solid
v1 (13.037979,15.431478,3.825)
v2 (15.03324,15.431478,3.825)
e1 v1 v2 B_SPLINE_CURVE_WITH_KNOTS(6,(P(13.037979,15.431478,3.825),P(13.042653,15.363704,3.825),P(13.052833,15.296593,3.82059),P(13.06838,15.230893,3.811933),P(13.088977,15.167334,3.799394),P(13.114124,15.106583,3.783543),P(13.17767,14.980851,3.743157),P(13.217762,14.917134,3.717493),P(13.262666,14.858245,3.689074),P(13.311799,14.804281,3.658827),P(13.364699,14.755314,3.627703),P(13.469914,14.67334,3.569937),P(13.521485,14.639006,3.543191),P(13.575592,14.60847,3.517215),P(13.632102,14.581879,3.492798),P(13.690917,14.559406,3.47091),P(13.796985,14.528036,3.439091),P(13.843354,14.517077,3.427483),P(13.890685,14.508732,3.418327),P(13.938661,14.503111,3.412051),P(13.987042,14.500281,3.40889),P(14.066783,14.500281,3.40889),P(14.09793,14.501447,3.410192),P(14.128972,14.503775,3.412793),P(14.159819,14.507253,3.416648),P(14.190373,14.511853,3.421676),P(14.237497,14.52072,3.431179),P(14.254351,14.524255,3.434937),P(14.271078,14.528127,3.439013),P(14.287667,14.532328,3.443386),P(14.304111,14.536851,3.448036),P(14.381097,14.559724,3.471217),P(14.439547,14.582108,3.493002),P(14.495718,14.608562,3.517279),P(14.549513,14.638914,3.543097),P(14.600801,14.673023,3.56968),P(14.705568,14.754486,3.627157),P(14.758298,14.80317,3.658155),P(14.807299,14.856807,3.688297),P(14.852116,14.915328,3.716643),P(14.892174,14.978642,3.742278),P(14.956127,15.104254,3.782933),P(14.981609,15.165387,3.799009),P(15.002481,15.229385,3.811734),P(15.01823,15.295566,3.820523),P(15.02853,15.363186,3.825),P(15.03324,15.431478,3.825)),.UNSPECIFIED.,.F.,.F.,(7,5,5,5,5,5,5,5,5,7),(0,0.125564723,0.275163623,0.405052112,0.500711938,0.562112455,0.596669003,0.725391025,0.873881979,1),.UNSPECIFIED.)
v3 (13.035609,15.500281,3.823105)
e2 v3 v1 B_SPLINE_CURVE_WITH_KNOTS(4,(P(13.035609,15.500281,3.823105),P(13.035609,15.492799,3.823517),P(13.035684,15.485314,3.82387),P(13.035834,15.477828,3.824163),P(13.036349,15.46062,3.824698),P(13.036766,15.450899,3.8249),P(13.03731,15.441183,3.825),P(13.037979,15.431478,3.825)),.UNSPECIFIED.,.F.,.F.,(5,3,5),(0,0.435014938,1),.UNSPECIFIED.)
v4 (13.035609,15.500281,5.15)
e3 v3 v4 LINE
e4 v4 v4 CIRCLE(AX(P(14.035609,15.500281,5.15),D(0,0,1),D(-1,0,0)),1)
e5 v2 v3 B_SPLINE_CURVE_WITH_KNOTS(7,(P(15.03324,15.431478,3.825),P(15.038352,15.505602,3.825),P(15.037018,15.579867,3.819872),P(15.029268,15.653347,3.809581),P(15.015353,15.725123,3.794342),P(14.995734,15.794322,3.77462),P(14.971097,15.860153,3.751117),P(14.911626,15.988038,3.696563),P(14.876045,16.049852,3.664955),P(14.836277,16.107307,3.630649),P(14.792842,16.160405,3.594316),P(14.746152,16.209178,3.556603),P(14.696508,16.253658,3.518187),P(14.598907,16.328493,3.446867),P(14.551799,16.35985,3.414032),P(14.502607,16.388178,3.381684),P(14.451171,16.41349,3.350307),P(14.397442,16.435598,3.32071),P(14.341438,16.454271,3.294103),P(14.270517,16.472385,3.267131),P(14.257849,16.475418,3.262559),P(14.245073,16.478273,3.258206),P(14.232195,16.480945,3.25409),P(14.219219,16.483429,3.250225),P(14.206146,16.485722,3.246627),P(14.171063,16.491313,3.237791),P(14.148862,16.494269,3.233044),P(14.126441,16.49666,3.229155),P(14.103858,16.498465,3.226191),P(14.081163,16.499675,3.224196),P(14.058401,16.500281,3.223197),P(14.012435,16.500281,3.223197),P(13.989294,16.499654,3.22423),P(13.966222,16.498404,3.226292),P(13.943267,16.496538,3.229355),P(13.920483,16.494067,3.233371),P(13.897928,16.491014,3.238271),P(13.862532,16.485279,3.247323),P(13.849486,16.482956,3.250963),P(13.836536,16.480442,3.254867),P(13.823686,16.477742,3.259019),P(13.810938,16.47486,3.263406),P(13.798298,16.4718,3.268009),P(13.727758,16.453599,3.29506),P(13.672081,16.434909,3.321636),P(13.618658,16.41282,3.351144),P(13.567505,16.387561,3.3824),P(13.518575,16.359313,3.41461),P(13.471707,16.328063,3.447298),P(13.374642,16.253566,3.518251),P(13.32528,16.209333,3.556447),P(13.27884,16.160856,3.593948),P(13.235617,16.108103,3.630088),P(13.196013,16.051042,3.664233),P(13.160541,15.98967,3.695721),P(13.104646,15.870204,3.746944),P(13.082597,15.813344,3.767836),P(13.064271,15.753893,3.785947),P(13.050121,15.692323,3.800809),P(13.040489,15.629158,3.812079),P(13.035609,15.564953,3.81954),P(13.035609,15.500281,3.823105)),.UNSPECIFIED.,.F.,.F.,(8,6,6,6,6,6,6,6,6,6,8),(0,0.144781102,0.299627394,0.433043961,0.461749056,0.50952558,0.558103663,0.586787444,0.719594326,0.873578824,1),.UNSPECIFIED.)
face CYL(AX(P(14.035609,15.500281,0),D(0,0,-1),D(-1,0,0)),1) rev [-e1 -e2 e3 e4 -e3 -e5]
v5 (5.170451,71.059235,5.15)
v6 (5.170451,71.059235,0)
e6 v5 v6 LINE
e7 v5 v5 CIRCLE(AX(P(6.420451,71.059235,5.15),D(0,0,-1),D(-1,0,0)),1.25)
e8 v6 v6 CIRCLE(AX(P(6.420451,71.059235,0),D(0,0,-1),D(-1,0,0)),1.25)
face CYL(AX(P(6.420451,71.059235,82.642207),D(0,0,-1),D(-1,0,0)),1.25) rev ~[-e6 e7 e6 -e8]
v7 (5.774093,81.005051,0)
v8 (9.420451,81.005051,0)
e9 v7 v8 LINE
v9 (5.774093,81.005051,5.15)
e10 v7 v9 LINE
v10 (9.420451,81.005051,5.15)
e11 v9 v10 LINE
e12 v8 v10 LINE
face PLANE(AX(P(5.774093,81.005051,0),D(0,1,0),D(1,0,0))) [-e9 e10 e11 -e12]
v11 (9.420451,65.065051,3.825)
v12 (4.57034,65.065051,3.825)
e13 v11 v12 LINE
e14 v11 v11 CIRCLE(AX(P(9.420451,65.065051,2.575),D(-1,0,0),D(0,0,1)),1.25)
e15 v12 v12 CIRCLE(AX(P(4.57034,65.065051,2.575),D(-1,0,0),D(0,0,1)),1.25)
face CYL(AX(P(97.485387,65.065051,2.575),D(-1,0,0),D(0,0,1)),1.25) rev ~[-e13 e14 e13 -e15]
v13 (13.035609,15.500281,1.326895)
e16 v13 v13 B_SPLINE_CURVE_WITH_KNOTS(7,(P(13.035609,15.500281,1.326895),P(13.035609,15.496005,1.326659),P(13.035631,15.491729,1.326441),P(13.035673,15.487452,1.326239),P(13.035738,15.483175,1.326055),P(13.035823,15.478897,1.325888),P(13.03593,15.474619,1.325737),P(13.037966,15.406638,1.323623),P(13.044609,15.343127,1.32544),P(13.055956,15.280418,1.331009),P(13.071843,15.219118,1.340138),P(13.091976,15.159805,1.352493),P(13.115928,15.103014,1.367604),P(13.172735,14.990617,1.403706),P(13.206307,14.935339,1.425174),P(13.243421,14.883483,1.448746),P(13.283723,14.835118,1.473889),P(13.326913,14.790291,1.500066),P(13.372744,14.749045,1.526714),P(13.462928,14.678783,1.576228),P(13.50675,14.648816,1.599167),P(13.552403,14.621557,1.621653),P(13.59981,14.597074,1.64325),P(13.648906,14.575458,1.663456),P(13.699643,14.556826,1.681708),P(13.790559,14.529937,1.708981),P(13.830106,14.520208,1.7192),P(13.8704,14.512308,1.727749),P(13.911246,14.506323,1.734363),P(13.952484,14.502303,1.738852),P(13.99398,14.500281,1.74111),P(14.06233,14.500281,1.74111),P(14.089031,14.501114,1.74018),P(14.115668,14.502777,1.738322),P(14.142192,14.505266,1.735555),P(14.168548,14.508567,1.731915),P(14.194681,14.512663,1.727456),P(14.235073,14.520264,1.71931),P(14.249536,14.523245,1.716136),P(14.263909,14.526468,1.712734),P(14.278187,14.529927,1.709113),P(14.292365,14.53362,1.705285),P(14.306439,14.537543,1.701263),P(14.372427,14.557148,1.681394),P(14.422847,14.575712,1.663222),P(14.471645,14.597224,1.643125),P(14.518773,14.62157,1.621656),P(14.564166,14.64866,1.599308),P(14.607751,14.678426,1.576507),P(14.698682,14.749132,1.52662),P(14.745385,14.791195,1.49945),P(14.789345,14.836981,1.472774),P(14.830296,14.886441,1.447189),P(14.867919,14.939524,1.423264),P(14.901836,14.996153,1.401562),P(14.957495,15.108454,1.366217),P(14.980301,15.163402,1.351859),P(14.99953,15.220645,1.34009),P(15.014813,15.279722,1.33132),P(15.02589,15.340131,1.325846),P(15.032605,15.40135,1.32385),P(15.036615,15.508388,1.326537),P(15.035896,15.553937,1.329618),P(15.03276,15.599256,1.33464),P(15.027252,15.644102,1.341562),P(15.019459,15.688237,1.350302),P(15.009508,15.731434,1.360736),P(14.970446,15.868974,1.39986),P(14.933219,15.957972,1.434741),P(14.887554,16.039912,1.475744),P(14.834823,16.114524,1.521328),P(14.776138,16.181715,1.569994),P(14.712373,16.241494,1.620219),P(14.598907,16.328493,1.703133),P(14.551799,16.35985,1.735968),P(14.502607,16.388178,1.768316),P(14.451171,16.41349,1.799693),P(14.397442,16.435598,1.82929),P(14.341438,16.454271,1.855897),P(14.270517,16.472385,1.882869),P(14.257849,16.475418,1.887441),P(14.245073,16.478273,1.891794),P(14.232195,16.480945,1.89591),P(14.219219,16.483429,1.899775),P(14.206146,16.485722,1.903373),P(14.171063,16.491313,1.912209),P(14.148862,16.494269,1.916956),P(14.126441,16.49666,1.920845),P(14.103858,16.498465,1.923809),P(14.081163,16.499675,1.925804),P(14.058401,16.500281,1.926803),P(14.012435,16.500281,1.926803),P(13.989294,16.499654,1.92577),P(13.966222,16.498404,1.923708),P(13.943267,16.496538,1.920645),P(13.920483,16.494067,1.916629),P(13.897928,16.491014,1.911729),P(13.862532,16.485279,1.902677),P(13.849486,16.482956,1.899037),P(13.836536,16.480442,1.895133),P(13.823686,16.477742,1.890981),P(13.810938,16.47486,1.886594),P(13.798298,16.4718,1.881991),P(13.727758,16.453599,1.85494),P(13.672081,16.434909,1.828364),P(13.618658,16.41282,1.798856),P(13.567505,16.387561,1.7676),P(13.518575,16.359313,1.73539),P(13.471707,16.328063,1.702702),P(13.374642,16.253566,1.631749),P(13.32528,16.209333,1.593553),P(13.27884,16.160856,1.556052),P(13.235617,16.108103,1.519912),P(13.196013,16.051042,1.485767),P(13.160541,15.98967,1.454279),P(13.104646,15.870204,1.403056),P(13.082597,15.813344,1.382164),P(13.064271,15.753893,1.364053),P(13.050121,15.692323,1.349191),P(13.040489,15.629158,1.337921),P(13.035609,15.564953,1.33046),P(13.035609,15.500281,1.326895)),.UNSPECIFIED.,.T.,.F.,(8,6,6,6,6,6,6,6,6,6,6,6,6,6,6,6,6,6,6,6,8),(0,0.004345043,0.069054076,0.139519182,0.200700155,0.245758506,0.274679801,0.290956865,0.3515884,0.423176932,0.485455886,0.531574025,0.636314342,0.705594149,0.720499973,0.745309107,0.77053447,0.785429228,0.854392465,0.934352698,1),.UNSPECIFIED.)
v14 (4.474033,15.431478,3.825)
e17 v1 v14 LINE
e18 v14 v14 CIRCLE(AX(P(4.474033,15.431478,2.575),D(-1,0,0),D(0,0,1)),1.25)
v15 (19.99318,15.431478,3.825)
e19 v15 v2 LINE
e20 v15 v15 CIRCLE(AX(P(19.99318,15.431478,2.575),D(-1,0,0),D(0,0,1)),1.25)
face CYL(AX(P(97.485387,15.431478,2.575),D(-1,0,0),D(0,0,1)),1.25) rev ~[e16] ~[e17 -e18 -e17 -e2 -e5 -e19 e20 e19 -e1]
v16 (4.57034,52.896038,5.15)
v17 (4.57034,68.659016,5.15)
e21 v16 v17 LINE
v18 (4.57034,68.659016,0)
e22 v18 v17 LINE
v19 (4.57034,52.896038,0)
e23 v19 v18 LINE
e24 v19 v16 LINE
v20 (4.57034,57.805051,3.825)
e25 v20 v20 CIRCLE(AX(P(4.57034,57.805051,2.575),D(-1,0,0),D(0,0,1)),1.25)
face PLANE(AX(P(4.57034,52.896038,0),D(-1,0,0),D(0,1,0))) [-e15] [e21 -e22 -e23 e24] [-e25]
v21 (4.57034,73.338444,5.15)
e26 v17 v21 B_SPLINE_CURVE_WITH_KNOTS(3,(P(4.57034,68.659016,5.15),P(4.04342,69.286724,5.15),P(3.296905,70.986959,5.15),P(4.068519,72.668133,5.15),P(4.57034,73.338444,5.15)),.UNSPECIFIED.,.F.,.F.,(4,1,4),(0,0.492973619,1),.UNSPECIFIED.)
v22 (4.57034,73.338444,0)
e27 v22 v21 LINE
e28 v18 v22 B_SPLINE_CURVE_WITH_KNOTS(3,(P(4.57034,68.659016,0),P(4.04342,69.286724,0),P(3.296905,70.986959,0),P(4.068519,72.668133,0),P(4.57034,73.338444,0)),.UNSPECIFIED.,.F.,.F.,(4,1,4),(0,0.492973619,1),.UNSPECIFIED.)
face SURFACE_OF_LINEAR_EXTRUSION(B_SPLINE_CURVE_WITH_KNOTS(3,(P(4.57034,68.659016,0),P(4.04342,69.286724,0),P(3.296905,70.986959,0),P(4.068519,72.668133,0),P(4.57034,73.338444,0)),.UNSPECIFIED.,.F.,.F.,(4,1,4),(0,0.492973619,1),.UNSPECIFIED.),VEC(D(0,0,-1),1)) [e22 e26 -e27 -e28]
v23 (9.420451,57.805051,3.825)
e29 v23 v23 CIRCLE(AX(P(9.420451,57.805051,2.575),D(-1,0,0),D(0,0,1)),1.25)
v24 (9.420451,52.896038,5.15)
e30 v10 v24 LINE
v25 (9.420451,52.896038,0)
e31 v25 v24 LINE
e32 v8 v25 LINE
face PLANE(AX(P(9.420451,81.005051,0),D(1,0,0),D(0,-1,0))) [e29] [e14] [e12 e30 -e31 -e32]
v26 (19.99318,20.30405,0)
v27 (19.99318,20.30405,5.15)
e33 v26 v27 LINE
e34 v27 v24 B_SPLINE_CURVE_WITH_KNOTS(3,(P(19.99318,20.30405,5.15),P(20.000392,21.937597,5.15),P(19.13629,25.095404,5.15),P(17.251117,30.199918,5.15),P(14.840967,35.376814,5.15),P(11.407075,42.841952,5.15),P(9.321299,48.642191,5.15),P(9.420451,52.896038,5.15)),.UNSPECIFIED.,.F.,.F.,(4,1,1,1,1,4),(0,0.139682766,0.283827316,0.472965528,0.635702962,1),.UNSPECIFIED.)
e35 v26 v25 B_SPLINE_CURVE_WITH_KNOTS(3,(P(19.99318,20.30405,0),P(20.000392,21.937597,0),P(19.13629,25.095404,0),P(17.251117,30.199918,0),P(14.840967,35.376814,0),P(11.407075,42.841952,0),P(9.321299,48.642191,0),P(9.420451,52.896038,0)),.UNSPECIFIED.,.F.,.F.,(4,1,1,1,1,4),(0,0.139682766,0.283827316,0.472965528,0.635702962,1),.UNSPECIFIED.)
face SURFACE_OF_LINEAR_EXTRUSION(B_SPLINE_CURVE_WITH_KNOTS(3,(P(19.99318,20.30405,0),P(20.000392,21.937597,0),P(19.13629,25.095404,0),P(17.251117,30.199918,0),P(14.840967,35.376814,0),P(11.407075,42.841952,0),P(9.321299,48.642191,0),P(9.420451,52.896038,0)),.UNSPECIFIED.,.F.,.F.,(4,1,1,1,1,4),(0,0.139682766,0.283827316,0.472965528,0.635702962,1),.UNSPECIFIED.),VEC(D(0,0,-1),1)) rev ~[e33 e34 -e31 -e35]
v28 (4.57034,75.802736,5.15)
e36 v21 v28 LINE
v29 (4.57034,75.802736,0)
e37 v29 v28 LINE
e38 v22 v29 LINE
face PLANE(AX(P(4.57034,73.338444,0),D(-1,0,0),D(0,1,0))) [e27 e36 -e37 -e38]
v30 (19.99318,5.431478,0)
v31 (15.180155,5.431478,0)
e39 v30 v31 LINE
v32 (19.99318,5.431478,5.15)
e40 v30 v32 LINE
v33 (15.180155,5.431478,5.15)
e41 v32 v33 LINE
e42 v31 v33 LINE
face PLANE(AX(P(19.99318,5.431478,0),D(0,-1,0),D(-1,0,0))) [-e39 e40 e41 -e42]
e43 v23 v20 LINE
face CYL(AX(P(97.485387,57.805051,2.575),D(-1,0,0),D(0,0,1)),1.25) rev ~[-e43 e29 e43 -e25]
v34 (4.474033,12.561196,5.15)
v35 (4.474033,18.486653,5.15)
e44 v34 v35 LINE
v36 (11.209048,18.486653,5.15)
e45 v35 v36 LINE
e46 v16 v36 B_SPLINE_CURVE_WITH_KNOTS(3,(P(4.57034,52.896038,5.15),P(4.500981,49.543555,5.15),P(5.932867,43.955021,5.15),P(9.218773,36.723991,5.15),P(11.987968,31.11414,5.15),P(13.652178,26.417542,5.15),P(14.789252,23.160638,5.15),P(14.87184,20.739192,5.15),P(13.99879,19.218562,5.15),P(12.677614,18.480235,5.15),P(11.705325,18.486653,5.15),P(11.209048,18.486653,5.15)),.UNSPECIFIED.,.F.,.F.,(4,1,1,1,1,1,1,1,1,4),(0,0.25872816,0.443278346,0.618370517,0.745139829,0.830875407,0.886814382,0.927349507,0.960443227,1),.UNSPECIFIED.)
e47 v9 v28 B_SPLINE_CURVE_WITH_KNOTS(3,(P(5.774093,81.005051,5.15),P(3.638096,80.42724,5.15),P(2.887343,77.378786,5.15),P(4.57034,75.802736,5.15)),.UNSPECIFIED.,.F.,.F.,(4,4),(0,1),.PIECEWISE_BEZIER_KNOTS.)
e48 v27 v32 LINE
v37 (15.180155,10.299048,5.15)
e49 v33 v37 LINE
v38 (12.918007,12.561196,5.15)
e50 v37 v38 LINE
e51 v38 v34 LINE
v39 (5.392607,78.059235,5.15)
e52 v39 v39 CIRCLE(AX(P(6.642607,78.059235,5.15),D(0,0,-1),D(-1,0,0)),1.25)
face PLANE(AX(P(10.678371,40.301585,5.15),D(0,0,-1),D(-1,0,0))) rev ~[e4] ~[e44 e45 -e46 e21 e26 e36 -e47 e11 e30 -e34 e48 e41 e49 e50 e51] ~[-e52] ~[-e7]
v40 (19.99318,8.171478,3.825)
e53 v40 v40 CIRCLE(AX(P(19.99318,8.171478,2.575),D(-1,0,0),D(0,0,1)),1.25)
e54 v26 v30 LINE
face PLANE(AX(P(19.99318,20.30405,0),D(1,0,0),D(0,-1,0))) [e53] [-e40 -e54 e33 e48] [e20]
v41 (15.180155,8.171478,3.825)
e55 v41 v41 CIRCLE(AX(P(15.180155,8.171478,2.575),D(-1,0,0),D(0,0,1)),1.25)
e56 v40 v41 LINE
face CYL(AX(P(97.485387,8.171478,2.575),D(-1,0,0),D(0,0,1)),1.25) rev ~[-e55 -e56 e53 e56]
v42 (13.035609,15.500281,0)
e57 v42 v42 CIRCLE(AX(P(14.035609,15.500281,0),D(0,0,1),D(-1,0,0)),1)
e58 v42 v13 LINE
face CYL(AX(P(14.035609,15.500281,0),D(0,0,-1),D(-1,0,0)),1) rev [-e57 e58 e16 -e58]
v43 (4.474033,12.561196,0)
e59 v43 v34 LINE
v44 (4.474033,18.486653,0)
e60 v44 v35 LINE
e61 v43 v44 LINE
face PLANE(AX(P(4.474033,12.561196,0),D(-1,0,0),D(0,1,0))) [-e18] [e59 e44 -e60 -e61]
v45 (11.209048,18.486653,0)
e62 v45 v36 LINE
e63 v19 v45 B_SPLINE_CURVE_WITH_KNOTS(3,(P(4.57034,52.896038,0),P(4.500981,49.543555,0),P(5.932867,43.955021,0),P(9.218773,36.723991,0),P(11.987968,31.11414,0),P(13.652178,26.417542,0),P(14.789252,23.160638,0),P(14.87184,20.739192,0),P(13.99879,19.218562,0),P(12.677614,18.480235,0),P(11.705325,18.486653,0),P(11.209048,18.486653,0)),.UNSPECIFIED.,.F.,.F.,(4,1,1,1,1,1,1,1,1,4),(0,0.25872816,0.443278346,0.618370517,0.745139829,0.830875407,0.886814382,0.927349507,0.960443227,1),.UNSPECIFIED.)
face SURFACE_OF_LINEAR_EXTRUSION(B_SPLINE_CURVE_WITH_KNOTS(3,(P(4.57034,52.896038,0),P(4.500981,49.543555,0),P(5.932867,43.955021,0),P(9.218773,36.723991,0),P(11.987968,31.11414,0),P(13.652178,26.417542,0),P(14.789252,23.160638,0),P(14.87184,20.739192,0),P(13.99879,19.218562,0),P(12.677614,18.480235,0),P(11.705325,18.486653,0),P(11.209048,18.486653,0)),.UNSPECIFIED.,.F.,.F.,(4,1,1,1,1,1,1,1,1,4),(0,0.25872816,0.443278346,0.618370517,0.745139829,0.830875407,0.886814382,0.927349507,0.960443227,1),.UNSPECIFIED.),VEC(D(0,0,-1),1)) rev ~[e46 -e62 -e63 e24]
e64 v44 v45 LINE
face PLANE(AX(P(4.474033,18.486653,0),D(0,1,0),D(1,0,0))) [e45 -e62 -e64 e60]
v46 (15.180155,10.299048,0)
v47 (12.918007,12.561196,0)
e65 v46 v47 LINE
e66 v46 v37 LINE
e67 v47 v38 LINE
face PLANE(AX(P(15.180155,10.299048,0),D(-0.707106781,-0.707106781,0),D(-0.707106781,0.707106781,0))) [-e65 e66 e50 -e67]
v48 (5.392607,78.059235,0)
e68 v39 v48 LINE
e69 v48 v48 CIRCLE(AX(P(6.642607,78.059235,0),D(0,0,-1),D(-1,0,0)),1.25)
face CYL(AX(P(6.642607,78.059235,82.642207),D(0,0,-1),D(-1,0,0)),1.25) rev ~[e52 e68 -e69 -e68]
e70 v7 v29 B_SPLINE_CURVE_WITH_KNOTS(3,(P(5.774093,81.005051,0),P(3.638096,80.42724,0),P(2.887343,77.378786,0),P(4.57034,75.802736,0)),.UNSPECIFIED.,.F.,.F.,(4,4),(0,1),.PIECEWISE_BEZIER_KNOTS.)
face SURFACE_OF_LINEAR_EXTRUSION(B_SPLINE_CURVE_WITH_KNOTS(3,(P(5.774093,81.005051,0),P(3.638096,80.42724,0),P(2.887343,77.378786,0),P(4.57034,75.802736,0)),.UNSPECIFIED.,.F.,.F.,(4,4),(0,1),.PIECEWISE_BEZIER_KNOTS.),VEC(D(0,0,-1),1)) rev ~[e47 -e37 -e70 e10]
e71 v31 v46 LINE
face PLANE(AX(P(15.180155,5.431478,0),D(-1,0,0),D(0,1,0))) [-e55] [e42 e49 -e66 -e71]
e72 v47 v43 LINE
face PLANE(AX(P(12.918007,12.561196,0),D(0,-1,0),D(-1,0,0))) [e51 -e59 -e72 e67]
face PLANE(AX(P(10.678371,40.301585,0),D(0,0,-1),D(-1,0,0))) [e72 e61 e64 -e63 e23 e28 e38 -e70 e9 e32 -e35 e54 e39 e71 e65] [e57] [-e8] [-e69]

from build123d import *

# Parameters (mm, degrees)
SCHIZZO1_R                   = 1
ESTRUSIONE_ESTRUSIONE1_DEPTH = 5.15
FORO_FILETTATO_M3X0_5_1_D    = 2.5
FORO_FILETTATO_M3X0_5_2_D    = 2.5


with BuildPart() as part:
    # Schizzo1 → Estrusione-Estrusione1 (new body)
    with BuildSketch(Plane.XY):
        with BuildLine():
            Line((5.774092887, 81.005050638), (9.420451412, 81.005050638))
            Line((9.420451412, 81.005050638), (9.420451412, 52.896037581))
            add(Edge.make_bspline(
                [(19.993180208, 20.304049613), (20.000392243, 21.937597291), (19.136290328, 25.09540445), (17.251117362, 30.199917591), (14.840967319, 35.376814158), (11.407074739, 42.841952294), (9.321298994, 48.642190699), (9.420451412, 52.896037581)],
                knots=[0, 0, 0, 0, 0.139682766, 0.283827316, 0.472965528, 0.635702962, 1, 1, 1, 1], degree=3))
            Line((19.993180208, 20.304049613), (19.993180208, 5.431477505))
            Line((19.993180208, 5.431477505), (15.180154721, 5.431477505))
            Line((15.180154721, 5.431477505), (15.180154721, 10.299047849))
            Line((15.180154721, 10.299047849), (12.918006965, 12.561195605))
            Line((12.918006965, 12.561195605), (4.47403255, 12.561195605))
            Line((4.47403255, 12.561195605), (4.47403255, 18.486652797))
            Line((4.47403255, 18.486652797), (11.20904805, 18.486652797))
            add(Edge.make_bspline(
                [(4.570340235, 52.896037581), (4.500981426, 49.543554951), (5.932867071, 43.955021228), (9.218772599, 36.723990517), (11.987968496, 31.114139773), (13.652178303, 26.417541941), (14.789252198, 23.160638336), (14.87184014, 20.739192121), (13.998789651, 19.218561632), (12.677613677, 18.480234626), (11.705324935, 18.486652797), (11.20904805, 18.486652797)],
                knots=[0, 0, 0, 0, 0.25872816, 0.443278346, 0.618370517, 0.745139829, 0.830875407, 0.886814382, 0.927349507, 0.960443227, 1, 1, 1, 1], degree=3))
            Line((4.570340235, 52.896037581), (4.570340235, 68.659015754))
            add(Edge.make_bspline(
                [(4.570340235, 68.659015754), (4.043420457, 69.286724479), (3.296904659, 70.986958522), (4.068519262, 72.668133187), (4.570340235, 73.338444315)],
                knots=[0, 0, 0, 0, 0.492973619, 1, 1, 1, 1], degree=3))
            Line((4.570340235, 73.338444315), (4.570340235, 75.802736339))
            add(Edge.make_bspline(
                [(5.774092887, 81.005050638), (3.638095606, 80.427239868), (2.887343432, 77.378785907), (4.570340235, 75.802736339)],
                knots=[0, 0, 0, 0, 1, 1, 1, 1], degree=3))
        make_face()
        with Locations(Location((14.035609494, 15.5002807, 0), (0, 0, 180))):
            Circle(SCHIZZO1_R, mode=Mode.SUBTRACT)
    extrude(amount=ESTRUSIONE_ESTRUSIONE1_DEPTH)

    # Foro filettato M3x0.5-1 (through all)
    with Locations(Plane.XY.offset(5.15)):
        with Locations((6.642606901, 78.059235381), (6.420451412, 71.059235381)):
            Hole(FORO_FILETTATO_M3X0_5_1_D / 2)

    # Foro filettato M3x0.5-2 (through all)
    with Locations(Plane(origin=(19.993180208, 0, 0), x_dir=(0, 0, -1), z_dir=(1, 0, 0))):
        with Locations((-2.575, 65.065050638), (-2.575, 57.805050638), (-2.575, 15.431477505), (-2.575, 8.171477505)):
            Hole(FORO_FILETTATO_M3X0_5_2_D / 2)


solid = part.part
